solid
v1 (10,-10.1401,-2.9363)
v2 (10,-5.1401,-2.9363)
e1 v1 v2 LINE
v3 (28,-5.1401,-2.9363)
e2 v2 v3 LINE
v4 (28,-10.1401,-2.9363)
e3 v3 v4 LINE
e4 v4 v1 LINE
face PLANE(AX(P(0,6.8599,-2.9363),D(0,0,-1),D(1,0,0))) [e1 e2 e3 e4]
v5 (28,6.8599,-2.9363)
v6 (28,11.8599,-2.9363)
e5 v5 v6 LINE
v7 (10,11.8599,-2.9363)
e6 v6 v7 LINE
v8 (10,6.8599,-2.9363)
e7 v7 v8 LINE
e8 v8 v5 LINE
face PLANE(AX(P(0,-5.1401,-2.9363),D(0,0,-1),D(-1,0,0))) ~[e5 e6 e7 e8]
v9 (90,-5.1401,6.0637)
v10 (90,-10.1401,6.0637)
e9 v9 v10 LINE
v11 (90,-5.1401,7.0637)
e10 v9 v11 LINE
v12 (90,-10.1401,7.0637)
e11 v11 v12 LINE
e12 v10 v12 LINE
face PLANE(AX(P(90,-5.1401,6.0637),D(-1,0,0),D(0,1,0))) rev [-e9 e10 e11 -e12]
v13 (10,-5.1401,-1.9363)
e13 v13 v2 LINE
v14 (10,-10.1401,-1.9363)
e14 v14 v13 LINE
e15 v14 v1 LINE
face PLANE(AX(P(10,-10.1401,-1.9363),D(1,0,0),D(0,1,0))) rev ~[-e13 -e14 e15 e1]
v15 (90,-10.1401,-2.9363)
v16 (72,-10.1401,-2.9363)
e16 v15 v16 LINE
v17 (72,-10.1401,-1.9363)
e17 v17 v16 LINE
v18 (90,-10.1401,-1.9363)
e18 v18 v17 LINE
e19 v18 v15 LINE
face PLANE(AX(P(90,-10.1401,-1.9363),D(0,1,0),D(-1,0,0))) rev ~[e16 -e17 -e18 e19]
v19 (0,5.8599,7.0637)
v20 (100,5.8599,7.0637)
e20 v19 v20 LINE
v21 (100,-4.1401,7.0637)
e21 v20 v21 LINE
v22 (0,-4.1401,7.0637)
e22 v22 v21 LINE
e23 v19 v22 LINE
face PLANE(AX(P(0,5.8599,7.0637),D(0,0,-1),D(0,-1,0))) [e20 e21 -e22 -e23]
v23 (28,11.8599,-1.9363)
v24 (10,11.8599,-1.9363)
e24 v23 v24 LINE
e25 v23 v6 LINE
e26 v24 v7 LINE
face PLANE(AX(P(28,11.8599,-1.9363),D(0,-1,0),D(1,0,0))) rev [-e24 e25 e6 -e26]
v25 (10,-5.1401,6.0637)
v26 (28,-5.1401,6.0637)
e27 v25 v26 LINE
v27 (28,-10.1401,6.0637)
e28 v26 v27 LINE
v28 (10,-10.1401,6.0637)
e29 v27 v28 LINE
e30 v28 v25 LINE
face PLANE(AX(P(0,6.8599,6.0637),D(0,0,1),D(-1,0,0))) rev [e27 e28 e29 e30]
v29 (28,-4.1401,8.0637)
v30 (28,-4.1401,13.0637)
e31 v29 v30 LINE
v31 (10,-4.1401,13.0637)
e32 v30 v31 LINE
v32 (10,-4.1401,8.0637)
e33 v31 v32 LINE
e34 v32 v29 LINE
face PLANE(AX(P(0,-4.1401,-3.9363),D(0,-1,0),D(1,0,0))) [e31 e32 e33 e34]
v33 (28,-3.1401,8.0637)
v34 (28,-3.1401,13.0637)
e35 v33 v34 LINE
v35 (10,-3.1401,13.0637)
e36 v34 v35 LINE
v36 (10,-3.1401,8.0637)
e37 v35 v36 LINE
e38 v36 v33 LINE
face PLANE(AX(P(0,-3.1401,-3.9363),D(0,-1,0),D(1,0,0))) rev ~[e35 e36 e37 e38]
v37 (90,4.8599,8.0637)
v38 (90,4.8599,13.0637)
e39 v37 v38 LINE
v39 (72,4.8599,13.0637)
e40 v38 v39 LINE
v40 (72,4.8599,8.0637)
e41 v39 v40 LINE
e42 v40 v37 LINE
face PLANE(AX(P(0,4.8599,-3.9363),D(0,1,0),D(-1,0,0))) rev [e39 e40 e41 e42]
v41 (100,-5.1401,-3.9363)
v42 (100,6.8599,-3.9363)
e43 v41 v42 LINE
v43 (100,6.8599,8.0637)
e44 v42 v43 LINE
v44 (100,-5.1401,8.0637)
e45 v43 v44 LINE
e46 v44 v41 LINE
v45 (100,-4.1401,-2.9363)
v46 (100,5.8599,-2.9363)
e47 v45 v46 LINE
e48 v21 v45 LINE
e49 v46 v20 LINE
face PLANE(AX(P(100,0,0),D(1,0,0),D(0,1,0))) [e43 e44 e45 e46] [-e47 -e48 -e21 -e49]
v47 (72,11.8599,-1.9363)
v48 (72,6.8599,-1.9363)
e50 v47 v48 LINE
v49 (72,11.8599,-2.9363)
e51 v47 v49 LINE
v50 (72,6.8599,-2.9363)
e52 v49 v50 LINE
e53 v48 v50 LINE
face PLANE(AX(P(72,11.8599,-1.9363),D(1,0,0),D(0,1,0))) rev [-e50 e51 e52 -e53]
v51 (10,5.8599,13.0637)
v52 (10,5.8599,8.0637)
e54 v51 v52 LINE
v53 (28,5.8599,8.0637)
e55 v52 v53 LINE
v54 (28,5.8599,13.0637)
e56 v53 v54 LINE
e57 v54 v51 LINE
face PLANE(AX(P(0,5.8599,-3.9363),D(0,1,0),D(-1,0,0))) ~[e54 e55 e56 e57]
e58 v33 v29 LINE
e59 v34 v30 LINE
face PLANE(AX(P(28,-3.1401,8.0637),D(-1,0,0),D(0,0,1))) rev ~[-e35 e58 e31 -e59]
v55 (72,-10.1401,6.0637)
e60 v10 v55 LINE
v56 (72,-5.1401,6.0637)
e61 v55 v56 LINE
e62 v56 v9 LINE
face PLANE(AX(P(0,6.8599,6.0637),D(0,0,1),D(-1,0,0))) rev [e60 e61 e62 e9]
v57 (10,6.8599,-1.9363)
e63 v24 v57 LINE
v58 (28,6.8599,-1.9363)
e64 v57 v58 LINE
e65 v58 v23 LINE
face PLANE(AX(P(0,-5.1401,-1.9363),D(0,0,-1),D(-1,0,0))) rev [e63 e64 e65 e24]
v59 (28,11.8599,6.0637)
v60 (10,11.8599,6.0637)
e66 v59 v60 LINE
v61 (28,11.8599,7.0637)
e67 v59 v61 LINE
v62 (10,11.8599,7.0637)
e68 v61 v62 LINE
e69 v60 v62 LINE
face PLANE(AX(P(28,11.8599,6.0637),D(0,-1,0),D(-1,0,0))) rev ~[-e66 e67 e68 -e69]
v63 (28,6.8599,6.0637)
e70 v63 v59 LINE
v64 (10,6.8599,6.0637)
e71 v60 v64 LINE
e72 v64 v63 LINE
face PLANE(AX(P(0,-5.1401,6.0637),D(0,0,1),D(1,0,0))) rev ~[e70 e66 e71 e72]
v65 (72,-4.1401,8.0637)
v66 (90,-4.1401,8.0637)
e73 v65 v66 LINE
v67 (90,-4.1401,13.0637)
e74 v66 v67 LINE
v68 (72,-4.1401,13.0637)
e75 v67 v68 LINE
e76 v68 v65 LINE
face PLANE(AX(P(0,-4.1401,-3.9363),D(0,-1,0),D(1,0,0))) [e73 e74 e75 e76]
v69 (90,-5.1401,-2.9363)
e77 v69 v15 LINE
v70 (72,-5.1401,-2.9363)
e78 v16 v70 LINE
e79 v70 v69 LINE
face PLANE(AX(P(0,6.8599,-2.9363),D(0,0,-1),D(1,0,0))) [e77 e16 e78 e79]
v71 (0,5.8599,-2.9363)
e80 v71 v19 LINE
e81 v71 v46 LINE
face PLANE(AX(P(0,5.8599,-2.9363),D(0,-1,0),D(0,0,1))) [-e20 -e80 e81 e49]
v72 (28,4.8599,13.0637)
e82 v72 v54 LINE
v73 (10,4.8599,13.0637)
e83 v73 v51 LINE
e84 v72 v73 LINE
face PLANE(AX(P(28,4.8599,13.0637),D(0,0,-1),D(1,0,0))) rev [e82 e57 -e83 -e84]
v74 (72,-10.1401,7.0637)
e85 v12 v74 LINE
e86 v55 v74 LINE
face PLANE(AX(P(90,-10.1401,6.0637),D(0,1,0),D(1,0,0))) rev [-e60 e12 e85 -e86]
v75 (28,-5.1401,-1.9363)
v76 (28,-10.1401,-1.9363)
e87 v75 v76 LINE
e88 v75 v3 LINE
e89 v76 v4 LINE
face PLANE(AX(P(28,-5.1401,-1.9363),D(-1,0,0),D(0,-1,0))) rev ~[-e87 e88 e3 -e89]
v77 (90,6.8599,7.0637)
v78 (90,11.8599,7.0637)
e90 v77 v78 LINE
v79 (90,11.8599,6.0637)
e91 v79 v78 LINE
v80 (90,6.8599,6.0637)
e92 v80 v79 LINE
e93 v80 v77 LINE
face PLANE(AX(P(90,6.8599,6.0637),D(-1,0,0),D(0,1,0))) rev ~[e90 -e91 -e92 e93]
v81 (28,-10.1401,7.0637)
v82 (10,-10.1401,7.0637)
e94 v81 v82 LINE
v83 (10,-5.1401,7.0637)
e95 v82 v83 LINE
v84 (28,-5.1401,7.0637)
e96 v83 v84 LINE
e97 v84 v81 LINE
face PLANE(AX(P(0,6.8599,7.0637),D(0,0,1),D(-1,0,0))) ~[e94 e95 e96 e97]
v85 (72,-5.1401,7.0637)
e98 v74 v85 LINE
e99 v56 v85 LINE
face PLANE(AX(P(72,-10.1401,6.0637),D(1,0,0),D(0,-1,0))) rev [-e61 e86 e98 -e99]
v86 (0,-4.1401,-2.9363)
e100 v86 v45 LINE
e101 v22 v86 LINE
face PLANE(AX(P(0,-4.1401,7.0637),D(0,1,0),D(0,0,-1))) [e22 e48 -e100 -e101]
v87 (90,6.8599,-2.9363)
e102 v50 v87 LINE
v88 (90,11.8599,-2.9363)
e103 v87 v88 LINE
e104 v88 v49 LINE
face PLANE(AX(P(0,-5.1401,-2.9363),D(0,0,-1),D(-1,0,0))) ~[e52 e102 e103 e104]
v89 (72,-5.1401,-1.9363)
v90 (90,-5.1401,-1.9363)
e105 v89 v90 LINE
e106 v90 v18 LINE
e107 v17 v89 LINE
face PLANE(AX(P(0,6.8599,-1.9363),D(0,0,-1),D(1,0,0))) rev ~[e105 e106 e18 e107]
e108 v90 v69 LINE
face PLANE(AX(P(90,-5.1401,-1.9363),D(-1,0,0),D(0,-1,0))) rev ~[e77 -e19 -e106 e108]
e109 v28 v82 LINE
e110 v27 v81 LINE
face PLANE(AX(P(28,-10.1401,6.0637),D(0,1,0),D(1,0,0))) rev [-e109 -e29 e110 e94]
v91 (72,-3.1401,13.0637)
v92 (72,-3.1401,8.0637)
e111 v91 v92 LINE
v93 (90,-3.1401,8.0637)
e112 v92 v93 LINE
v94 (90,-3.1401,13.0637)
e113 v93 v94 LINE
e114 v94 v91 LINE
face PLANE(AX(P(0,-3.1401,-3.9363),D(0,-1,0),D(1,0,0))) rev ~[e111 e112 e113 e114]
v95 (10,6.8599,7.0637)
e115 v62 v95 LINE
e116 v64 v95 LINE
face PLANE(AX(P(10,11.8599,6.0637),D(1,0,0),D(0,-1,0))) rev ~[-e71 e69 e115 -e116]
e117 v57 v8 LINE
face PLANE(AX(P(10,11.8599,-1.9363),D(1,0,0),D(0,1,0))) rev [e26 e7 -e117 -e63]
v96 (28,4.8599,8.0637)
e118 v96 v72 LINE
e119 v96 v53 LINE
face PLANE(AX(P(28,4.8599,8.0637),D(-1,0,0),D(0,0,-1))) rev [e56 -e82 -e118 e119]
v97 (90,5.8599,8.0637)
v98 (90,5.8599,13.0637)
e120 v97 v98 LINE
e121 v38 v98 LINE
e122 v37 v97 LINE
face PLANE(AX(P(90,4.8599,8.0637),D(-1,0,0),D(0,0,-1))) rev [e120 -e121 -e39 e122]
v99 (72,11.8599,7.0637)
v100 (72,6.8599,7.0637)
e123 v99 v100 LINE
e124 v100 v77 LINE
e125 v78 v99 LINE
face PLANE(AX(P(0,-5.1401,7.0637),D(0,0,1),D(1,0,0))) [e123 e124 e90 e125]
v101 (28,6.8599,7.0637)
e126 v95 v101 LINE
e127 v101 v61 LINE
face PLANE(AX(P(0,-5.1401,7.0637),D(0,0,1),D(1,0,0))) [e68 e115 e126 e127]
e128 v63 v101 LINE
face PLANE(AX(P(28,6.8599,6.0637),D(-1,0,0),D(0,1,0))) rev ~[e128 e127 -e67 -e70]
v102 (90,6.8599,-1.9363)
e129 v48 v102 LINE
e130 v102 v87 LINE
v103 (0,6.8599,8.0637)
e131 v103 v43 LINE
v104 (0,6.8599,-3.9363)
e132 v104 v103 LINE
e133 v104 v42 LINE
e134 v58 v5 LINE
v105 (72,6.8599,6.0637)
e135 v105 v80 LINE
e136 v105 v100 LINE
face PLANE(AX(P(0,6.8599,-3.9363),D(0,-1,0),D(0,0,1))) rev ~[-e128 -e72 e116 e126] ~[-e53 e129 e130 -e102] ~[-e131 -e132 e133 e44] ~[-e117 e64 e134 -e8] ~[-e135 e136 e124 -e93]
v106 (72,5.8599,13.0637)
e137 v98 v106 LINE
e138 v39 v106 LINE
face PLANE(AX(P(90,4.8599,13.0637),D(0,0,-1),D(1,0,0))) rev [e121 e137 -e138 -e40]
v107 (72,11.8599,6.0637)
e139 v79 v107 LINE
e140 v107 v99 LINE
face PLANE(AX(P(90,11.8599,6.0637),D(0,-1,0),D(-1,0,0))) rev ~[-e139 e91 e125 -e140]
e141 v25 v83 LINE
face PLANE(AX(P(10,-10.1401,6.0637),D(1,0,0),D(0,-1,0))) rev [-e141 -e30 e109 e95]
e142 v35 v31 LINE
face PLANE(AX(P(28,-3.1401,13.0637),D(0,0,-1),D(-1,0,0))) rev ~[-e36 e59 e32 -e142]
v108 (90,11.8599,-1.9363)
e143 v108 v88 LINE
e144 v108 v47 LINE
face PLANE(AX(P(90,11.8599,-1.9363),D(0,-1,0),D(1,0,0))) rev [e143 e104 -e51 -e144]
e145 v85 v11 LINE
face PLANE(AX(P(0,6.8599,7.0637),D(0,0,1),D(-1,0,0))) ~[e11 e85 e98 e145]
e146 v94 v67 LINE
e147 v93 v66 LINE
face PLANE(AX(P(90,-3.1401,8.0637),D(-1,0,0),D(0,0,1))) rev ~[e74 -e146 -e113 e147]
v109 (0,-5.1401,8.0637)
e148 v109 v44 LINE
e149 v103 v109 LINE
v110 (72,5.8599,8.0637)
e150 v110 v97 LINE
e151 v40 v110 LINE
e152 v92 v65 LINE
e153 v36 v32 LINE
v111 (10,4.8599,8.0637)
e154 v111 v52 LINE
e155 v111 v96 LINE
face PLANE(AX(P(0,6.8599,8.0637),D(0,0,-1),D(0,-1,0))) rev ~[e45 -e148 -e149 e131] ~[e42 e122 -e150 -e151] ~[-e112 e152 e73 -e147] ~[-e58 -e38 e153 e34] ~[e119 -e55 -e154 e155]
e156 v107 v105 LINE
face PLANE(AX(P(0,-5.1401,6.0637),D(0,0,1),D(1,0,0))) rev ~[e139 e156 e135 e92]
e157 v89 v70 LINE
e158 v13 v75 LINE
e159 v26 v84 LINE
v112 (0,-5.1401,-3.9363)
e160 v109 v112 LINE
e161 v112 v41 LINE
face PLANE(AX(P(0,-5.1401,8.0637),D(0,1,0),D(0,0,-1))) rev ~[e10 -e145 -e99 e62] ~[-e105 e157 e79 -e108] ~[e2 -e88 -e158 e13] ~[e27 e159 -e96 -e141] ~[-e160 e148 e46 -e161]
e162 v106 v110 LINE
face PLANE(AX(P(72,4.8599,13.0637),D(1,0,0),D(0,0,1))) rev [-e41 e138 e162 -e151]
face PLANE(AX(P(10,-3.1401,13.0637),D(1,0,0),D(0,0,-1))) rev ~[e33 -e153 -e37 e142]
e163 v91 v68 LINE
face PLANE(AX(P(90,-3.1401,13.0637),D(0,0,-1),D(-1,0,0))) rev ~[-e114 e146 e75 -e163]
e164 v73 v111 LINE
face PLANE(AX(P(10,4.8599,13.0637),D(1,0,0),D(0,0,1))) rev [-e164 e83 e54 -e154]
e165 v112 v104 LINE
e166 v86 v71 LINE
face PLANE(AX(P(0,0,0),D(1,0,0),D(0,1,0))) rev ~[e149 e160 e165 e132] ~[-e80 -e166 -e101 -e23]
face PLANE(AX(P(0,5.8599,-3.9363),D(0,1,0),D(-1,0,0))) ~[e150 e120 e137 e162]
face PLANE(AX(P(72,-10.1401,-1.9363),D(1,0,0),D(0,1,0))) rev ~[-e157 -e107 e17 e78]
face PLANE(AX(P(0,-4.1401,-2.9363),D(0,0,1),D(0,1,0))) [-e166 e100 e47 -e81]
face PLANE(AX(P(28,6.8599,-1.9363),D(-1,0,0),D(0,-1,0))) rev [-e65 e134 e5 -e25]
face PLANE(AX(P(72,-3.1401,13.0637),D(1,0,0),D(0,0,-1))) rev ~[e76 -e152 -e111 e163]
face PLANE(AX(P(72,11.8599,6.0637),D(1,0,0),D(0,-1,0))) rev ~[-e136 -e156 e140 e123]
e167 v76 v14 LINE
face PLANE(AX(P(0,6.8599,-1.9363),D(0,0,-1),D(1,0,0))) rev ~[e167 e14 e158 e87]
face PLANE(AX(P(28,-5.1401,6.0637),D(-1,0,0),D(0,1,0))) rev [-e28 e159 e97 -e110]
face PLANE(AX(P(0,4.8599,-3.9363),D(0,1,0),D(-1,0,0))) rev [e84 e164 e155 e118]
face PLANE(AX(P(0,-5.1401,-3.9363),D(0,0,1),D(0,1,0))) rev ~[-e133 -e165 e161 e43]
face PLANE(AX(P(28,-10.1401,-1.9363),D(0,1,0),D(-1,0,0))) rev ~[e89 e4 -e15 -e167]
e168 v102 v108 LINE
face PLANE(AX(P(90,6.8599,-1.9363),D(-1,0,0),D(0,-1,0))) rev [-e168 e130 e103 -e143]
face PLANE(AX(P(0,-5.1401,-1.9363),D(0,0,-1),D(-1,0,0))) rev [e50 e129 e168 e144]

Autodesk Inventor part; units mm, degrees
ref_plane "YZ Plane" through (0, 0, 0) normal (1, 0, 0) x (0, 1, 0)
ref_plane "XZ Plane" through (0, 0, 0) normal (0, 1, 0) x (-1, 0, 0)
sketch "Sketch1" plane through (0, 0, 0) normal (1, 0, 0) x (0, 1, 0)
  line L0 (5.8599, 7.0637) -> (-4.1401, 7.0637)
  line L1 (-4.1401, 7.0637) -> (-4.1401, -2.9363)
  line L2 (-4.1401, -2.9363) -> (5.8599, -2.9363)
  line L3 (5.8599, -2.9363) -> (5.8599, 7.0637)
  line L4 (6.8599, 8.0637) -> (-5.1401, 8.0637)
  line L5 (-5.1401, 8.0637) -> (-5.1401, -3.9363)
  line L6 (-5.1401, -3.9363) -> (6.8599, -3.9363)
  line L7 (6.8599, -3.9363) -> (6.8599, 8.0637)
  point P0 (0, 0)
  dimension "d0" = 10
  dimension "d1" = 10
  dimension "d2" = 12
  dimension "d3" = 12
  dimension "d4" = 1
  dimension "d6" = 1
extrude "Extrusion1" add sketch "Sketch1" along normal blind 100
ref_plane "Work Plane1" through (0, -5.1401, 2.0637) normal (0, 0, 1) x (1, 0, 0)
ref_plane "Work Plane2" through (0, 0.8599, 8.0637) normal (0, 1, 0) x (1, 0, 0)
ref_plane "Work Plane3" through (0, -5.1401, 6.0637) normal (0, 0, 1) x (1, 0, 0)
sketch "Sketch3" plane through (0, -5.1401, 6.0637) normal (0, 0, 1) x (1, 0, 0)
  line L0 (0, 12) -> (100, 12) projected
  line L1 (10, 12) -> (28, 12)
  line L2 (28, 12) -> (28, 17)
  line L3 (28, 17) -> (10, 17)
  line L4 (10, 17) -> (10, 12)
  line L5 (72, 12) -> (90, 12)
  line L6 (90, 12) -> (90, 17)
  line L7 (90, 17) -> (72, 17)
  line L8 (72, 17) -> (72, 12)
  line L9 (100, 12) -> (100, 0) projected
  line L10 (0, 12) -> (0, 0) projected
  line L11 (50, 21.2815) -> (50, -16.5994)
  point P0 (0, 5.1401)
  dimension "d10" = 18
  dimension "d11" = 18
  dimension "d12" = 100
  dimension "d13" = 50
  dimension "d15" = 10
  dimension "d16" = 10
  dimension "d17" = 5
extrude "Extrusion2" add sketch "Sketch3" along normal blind 1
mirror "Mirror1" about plane through (0, -5.1401, 2.0637) normal (0, 0, 1) of "Extrusion2"
mirror "Mirror2" about plane through (0, 0.8599, 8.0637) normal (0, 1, 0) of "Extrusion2", "Mirror1"
pattern_circular "Circular Pattern1" count 2 over 270 about axis through (0, 0.8599, 2.0637) along (-1, 0, 0) of "Extrusion2", "Mirror1"
equation "\"d1\" = d0"
equation "\"d3\" = d2"
equation "\"d11\" = d10"
equation "\"d13\" = 0.5 * d12"
equation "\"d15\" = 0.1 * d12"
equation "\"d16\" = d15"
properties part number "fuselage_tail_interface"
